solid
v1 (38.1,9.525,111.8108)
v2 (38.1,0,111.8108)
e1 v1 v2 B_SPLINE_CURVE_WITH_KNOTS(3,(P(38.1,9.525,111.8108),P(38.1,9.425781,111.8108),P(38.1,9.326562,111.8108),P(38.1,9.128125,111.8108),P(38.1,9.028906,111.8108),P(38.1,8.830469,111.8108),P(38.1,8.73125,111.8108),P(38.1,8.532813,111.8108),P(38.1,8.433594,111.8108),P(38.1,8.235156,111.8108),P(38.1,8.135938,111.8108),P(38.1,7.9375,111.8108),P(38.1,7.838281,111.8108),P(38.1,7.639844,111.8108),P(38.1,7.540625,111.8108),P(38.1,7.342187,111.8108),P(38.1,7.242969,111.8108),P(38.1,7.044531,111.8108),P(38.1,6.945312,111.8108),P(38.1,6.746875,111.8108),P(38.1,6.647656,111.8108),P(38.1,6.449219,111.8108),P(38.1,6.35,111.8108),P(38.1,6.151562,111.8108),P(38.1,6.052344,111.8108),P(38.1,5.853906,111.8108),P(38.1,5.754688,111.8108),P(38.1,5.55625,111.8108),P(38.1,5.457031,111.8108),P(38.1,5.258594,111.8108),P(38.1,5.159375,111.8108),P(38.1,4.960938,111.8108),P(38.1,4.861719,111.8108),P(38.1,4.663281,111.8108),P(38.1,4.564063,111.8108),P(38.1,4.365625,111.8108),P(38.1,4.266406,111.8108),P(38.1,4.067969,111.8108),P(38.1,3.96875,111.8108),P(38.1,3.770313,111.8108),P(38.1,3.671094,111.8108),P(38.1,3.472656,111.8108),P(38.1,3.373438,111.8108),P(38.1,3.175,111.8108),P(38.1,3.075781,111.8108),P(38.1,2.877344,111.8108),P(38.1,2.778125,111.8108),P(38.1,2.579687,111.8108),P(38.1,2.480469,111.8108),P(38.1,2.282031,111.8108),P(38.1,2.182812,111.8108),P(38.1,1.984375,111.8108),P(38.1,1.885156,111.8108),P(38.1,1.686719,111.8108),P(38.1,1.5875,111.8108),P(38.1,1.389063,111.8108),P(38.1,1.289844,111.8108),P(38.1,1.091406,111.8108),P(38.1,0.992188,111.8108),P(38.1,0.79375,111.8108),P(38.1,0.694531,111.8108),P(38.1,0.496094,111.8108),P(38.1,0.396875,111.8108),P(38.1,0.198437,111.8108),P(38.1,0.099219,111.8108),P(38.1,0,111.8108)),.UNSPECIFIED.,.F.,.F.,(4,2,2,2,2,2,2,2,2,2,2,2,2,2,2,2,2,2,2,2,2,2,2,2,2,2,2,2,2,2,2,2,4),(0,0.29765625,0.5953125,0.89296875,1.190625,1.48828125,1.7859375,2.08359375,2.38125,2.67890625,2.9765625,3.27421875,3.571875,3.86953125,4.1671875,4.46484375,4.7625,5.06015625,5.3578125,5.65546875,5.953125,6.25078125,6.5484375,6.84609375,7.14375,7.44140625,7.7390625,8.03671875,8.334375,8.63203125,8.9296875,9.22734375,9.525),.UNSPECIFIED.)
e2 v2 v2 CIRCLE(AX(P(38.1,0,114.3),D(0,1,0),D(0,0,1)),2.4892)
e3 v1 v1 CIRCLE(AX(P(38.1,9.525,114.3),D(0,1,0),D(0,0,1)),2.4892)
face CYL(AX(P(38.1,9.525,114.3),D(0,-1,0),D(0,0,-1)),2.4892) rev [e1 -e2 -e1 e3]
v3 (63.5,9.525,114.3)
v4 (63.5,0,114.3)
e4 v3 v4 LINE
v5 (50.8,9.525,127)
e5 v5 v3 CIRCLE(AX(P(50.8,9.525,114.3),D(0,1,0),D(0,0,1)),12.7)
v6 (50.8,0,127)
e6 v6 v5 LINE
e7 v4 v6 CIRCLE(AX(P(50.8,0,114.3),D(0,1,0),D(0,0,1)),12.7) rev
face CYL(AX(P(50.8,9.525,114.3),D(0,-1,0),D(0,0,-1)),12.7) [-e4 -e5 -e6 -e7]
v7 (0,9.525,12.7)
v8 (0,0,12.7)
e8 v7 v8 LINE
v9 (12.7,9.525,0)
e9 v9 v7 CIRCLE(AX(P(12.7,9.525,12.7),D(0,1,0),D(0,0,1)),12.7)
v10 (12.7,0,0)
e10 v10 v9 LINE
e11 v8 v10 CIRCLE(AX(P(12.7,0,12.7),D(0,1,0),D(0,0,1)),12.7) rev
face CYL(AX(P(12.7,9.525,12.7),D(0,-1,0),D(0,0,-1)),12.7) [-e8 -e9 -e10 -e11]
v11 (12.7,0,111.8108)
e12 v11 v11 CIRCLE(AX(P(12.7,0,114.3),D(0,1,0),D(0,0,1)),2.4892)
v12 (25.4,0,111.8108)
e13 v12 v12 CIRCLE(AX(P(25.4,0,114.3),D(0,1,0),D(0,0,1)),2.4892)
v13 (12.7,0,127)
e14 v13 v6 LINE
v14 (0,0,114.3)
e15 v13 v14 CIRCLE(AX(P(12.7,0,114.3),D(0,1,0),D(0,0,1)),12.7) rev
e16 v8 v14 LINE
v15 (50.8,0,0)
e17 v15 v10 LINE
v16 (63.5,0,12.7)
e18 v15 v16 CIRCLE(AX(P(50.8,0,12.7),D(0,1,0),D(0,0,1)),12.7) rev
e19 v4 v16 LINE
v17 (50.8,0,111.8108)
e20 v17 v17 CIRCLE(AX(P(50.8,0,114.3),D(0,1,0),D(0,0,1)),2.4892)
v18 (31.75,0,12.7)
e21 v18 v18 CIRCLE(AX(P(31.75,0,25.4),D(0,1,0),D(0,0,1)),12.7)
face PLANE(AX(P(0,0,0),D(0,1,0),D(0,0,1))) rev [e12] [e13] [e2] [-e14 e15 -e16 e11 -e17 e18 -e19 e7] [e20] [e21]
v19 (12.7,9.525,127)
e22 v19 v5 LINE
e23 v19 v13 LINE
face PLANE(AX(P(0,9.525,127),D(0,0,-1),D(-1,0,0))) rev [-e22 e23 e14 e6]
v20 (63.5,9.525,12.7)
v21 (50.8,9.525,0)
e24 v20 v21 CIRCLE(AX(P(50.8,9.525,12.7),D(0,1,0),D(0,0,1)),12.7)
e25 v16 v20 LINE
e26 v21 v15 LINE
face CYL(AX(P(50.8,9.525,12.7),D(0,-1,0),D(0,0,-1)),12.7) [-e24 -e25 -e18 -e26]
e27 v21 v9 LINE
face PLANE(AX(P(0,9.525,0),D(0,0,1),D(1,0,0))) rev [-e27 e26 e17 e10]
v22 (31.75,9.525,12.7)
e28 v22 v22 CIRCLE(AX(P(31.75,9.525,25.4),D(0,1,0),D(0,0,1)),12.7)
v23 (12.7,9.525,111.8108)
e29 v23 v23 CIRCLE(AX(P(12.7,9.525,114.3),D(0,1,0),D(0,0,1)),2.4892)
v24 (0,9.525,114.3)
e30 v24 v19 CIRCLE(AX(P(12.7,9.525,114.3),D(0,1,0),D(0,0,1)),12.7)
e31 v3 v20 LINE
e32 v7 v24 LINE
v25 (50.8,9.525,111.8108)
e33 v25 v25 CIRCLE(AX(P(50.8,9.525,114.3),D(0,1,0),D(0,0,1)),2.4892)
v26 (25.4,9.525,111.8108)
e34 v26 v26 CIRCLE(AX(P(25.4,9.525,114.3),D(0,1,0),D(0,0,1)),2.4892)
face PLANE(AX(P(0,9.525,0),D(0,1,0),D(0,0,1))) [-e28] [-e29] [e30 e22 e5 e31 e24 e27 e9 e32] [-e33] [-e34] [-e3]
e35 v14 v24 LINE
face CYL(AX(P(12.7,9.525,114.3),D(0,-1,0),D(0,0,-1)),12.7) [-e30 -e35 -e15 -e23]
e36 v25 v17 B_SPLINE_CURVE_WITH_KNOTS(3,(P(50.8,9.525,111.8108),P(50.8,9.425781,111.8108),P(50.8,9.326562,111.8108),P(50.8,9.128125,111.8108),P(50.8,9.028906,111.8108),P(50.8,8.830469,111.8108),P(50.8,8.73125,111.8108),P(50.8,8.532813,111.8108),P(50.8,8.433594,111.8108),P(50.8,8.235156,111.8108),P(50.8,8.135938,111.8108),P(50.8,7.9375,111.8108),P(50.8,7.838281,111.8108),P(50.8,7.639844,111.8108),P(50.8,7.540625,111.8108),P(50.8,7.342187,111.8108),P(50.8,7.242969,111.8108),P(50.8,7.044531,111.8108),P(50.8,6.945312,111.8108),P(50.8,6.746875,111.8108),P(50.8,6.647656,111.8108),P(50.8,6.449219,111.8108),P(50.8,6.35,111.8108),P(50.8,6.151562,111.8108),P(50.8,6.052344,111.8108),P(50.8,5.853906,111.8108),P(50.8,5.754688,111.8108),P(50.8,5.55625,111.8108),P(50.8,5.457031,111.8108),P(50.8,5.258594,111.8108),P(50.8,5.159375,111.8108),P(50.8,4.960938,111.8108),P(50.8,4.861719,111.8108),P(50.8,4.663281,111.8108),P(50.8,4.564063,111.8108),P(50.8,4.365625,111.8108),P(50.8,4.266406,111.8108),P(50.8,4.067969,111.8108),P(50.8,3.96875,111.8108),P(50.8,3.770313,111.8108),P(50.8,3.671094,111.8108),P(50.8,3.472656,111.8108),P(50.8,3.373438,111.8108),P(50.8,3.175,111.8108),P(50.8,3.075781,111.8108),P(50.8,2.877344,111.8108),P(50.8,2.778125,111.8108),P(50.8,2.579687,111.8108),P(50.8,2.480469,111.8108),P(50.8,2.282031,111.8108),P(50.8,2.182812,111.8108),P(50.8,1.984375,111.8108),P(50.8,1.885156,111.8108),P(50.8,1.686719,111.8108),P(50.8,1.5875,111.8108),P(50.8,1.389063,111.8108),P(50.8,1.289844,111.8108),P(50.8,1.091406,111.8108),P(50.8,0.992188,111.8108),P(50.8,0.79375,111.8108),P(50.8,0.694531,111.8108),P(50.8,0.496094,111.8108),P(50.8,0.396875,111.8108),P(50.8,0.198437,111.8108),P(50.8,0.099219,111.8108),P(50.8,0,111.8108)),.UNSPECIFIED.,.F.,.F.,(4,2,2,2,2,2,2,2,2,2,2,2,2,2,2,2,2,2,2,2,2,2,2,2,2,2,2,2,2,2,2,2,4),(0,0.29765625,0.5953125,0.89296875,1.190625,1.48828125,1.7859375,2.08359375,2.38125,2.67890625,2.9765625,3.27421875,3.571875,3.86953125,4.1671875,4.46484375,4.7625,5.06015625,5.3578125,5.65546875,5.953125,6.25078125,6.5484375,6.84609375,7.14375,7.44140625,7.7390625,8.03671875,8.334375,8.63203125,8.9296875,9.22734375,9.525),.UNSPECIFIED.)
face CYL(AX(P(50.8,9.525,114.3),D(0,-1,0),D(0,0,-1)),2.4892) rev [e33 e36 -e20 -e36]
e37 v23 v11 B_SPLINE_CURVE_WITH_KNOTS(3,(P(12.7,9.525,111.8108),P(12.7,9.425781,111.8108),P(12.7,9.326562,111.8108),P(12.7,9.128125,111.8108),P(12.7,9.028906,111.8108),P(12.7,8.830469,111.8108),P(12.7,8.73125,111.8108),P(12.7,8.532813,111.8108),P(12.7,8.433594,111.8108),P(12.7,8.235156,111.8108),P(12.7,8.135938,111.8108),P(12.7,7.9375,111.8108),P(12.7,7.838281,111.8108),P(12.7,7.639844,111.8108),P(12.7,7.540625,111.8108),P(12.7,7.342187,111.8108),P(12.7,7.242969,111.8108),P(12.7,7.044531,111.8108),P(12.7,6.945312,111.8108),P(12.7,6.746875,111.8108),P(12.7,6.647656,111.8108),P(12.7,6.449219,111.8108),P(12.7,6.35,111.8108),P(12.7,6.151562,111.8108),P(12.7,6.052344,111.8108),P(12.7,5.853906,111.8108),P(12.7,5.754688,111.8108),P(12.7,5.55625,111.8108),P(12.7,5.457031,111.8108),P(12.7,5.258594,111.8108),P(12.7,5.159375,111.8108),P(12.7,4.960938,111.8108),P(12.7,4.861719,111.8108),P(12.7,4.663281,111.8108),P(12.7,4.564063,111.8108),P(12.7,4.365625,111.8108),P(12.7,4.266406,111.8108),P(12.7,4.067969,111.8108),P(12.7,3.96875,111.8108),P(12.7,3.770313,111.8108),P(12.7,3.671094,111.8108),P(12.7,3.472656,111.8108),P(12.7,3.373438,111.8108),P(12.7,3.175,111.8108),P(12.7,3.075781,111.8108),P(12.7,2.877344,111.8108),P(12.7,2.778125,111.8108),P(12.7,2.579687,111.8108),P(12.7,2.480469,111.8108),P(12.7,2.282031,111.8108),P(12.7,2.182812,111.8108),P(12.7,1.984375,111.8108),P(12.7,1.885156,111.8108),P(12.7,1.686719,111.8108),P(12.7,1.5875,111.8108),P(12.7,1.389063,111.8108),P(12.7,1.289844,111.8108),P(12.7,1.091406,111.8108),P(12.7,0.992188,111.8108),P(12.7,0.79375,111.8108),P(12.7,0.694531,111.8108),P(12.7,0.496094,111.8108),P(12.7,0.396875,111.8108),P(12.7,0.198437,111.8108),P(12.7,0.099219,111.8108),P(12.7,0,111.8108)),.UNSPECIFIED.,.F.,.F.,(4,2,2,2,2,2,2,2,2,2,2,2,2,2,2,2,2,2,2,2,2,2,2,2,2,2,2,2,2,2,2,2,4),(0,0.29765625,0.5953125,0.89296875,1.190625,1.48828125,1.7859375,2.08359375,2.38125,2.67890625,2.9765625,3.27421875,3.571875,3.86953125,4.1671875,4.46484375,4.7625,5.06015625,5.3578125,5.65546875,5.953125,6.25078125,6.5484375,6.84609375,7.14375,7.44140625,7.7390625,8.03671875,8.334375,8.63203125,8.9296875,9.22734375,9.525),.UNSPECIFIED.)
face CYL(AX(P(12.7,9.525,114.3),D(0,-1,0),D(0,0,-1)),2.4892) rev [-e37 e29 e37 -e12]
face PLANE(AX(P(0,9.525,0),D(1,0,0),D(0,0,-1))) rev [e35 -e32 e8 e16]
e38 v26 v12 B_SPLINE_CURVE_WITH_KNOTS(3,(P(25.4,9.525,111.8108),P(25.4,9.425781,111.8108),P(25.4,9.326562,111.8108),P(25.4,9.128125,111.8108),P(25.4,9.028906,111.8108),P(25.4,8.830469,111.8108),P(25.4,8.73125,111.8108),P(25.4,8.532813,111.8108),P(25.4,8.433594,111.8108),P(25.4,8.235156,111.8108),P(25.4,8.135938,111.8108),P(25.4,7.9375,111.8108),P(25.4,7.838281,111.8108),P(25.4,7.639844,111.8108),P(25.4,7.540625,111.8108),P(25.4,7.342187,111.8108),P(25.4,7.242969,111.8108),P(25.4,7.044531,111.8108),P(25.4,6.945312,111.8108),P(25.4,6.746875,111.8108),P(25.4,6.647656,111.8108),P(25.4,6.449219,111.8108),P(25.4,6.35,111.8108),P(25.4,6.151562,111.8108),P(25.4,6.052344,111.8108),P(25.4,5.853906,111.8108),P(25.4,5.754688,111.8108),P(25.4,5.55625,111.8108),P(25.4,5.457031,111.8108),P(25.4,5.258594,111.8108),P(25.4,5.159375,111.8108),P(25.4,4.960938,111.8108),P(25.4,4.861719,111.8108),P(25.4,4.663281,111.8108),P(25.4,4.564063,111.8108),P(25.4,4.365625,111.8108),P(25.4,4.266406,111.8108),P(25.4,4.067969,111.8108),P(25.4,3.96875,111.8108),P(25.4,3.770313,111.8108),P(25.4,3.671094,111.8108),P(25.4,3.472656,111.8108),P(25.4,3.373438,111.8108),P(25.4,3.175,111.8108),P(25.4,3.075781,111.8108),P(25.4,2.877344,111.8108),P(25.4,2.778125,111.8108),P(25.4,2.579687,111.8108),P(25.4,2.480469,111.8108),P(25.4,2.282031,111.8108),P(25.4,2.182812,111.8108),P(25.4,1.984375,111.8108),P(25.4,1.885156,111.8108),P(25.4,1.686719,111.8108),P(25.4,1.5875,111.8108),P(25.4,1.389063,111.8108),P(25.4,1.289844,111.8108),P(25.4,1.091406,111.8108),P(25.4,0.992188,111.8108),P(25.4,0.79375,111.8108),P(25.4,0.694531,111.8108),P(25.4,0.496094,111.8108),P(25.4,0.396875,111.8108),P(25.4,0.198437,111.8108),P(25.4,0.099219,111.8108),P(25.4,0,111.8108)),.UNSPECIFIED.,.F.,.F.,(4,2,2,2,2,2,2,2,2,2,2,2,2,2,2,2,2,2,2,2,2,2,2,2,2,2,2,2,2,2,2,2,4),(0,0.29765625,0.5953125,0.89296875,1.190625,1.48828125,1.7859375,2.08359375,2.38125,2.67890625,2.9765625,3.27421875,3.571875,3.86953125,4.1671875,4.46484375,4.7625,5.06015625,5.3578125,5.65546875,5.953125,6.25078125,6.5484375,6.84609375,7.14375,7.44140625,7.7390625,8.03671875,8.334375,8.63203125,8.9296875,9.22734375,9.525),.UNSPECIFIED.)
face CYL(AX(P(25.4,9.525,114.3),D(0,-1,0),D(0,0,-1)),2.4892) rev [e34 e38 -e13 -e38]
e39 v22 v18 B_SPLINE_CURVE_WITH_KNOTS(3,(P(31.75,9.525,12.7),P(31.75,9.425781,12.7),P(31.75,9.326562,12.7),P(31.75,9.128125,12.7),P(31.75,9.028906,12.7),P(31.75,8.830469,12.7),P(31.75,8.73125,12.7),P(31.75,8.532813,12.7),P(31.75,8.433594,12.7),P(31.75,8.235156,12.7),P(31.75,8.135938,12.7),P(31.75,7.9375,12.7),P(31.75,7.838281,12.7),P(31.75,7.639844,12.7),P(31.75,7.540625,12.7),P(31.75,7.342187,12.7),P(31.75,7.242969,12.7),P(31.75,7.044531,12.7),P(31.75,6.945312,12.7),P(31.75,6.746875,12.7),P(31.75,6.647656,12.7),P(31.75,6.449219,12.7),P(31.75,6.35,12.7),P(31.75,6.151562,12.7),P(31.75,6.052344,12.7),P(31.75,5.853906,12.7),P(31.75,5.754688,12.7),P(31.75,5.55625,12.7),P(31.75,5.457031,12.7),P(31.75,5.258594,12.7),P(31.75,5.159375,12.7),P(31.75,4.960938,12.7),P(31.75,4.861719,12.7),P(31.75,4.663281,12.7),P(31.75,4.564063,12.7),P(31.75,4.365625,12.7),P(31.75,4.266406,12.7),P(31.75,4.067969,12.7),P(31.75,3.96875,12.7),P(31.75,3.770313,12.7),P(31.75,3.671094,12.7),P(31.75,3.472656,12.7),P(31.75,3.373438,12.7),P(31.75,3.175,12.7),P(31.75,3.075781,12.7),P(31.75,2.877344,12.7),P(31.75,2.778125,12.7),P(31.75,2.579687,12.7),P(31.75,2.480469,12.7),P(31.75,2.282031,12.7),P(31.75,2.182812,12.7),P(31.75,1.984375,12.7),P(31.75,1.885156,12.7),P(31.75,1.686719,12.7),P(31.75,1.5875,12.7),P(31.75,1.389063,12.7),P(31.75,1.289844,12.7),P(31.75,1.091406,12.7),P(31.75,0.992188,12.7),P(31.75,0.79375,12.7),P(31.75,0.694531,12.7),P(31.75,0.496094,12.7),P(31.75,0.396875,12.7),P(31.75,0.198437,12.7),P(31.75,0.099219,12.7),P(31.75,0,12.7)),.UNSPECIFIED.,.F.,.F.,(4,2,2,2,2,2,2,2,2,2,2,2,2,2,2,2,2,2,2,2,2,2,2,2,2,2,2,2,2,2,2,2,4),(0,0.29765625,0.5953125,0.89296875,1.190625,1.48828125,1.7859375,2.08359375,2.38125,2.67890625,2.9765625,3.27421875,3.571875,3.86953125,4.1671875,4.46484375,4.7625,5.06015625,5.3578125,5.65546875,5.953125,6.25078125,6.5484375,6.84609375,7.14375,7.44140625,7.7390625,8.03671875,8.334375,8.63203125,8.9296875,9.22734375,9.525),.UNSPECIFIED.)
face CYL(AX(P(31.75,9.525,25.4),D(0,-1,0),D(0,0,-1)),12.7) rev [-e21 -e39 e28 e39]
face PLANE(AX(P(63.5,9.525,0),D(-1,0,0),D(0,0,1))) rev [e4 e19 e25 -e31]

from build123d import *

# Parameters (mm, degrees)
SKETCH1_W           = 63.5
SKETCH1_H           = 127
SKETCH1_R           = 12.7
SKETCH1_R_2         = 2.4892
BOSS_EXTRUDE1_DEPTH = 9.525
FILLET1_R           = 12.7


with BuildPart() as part:
    # Sketch1 → Boss-Extrude1 (new body)
    with BuildSketch(Plane(origin=(0, 0, 0), x_dir=(1, 0, 0), z_dir=(0, 1, 0))):
        with Locations((31.75, -63.5)):
            Rectangle(SKETCH1_W, SKETCH1_H)
        with Locations(Location((31.75, -25.4, 0), (0, 0, 90))):
            Circle(SKETCH1_R, mode=Mode.SUBTRACT)
        with Locations(Location((12.7, -114.3, 0), (0, 0, 90))):
            Circle(SKETCH1_R_2, mode=Mode.SUBTRACT)
        with Locations(Location((25.4, -114.3, 0), (0, 0, 90))):
            Circle(SKETCH1_R_2, mode=Mode.SUBTRACT)
        with Locations(Location((38.1, -114.3, 0), (0, 0, 90))):
            Circle(SKETCH1_R_2, mode=Mode.SUBTRACT)
        with Locations(Location((50.8, -114.3, 0), (0, 0, 90))):
            Circle(SKETCH1_R_2, mode=Mode.SUBTRACT)
    extrude(amount=BOSS_EXTRUDE1_DEPTH)

    # Fillet1
    fillet1_edges = [part.edges().sort_by_distance(p)[0] for p in [
        (0, 4.7625, 0),
        (63.5, 4.7625, 0),
        (63.5, 4.7625, 127),
        (0, 4.7625, 127),
    ]]
    fillet(fillet1_edges, radius=FILLET1_R)


solid = part.part
